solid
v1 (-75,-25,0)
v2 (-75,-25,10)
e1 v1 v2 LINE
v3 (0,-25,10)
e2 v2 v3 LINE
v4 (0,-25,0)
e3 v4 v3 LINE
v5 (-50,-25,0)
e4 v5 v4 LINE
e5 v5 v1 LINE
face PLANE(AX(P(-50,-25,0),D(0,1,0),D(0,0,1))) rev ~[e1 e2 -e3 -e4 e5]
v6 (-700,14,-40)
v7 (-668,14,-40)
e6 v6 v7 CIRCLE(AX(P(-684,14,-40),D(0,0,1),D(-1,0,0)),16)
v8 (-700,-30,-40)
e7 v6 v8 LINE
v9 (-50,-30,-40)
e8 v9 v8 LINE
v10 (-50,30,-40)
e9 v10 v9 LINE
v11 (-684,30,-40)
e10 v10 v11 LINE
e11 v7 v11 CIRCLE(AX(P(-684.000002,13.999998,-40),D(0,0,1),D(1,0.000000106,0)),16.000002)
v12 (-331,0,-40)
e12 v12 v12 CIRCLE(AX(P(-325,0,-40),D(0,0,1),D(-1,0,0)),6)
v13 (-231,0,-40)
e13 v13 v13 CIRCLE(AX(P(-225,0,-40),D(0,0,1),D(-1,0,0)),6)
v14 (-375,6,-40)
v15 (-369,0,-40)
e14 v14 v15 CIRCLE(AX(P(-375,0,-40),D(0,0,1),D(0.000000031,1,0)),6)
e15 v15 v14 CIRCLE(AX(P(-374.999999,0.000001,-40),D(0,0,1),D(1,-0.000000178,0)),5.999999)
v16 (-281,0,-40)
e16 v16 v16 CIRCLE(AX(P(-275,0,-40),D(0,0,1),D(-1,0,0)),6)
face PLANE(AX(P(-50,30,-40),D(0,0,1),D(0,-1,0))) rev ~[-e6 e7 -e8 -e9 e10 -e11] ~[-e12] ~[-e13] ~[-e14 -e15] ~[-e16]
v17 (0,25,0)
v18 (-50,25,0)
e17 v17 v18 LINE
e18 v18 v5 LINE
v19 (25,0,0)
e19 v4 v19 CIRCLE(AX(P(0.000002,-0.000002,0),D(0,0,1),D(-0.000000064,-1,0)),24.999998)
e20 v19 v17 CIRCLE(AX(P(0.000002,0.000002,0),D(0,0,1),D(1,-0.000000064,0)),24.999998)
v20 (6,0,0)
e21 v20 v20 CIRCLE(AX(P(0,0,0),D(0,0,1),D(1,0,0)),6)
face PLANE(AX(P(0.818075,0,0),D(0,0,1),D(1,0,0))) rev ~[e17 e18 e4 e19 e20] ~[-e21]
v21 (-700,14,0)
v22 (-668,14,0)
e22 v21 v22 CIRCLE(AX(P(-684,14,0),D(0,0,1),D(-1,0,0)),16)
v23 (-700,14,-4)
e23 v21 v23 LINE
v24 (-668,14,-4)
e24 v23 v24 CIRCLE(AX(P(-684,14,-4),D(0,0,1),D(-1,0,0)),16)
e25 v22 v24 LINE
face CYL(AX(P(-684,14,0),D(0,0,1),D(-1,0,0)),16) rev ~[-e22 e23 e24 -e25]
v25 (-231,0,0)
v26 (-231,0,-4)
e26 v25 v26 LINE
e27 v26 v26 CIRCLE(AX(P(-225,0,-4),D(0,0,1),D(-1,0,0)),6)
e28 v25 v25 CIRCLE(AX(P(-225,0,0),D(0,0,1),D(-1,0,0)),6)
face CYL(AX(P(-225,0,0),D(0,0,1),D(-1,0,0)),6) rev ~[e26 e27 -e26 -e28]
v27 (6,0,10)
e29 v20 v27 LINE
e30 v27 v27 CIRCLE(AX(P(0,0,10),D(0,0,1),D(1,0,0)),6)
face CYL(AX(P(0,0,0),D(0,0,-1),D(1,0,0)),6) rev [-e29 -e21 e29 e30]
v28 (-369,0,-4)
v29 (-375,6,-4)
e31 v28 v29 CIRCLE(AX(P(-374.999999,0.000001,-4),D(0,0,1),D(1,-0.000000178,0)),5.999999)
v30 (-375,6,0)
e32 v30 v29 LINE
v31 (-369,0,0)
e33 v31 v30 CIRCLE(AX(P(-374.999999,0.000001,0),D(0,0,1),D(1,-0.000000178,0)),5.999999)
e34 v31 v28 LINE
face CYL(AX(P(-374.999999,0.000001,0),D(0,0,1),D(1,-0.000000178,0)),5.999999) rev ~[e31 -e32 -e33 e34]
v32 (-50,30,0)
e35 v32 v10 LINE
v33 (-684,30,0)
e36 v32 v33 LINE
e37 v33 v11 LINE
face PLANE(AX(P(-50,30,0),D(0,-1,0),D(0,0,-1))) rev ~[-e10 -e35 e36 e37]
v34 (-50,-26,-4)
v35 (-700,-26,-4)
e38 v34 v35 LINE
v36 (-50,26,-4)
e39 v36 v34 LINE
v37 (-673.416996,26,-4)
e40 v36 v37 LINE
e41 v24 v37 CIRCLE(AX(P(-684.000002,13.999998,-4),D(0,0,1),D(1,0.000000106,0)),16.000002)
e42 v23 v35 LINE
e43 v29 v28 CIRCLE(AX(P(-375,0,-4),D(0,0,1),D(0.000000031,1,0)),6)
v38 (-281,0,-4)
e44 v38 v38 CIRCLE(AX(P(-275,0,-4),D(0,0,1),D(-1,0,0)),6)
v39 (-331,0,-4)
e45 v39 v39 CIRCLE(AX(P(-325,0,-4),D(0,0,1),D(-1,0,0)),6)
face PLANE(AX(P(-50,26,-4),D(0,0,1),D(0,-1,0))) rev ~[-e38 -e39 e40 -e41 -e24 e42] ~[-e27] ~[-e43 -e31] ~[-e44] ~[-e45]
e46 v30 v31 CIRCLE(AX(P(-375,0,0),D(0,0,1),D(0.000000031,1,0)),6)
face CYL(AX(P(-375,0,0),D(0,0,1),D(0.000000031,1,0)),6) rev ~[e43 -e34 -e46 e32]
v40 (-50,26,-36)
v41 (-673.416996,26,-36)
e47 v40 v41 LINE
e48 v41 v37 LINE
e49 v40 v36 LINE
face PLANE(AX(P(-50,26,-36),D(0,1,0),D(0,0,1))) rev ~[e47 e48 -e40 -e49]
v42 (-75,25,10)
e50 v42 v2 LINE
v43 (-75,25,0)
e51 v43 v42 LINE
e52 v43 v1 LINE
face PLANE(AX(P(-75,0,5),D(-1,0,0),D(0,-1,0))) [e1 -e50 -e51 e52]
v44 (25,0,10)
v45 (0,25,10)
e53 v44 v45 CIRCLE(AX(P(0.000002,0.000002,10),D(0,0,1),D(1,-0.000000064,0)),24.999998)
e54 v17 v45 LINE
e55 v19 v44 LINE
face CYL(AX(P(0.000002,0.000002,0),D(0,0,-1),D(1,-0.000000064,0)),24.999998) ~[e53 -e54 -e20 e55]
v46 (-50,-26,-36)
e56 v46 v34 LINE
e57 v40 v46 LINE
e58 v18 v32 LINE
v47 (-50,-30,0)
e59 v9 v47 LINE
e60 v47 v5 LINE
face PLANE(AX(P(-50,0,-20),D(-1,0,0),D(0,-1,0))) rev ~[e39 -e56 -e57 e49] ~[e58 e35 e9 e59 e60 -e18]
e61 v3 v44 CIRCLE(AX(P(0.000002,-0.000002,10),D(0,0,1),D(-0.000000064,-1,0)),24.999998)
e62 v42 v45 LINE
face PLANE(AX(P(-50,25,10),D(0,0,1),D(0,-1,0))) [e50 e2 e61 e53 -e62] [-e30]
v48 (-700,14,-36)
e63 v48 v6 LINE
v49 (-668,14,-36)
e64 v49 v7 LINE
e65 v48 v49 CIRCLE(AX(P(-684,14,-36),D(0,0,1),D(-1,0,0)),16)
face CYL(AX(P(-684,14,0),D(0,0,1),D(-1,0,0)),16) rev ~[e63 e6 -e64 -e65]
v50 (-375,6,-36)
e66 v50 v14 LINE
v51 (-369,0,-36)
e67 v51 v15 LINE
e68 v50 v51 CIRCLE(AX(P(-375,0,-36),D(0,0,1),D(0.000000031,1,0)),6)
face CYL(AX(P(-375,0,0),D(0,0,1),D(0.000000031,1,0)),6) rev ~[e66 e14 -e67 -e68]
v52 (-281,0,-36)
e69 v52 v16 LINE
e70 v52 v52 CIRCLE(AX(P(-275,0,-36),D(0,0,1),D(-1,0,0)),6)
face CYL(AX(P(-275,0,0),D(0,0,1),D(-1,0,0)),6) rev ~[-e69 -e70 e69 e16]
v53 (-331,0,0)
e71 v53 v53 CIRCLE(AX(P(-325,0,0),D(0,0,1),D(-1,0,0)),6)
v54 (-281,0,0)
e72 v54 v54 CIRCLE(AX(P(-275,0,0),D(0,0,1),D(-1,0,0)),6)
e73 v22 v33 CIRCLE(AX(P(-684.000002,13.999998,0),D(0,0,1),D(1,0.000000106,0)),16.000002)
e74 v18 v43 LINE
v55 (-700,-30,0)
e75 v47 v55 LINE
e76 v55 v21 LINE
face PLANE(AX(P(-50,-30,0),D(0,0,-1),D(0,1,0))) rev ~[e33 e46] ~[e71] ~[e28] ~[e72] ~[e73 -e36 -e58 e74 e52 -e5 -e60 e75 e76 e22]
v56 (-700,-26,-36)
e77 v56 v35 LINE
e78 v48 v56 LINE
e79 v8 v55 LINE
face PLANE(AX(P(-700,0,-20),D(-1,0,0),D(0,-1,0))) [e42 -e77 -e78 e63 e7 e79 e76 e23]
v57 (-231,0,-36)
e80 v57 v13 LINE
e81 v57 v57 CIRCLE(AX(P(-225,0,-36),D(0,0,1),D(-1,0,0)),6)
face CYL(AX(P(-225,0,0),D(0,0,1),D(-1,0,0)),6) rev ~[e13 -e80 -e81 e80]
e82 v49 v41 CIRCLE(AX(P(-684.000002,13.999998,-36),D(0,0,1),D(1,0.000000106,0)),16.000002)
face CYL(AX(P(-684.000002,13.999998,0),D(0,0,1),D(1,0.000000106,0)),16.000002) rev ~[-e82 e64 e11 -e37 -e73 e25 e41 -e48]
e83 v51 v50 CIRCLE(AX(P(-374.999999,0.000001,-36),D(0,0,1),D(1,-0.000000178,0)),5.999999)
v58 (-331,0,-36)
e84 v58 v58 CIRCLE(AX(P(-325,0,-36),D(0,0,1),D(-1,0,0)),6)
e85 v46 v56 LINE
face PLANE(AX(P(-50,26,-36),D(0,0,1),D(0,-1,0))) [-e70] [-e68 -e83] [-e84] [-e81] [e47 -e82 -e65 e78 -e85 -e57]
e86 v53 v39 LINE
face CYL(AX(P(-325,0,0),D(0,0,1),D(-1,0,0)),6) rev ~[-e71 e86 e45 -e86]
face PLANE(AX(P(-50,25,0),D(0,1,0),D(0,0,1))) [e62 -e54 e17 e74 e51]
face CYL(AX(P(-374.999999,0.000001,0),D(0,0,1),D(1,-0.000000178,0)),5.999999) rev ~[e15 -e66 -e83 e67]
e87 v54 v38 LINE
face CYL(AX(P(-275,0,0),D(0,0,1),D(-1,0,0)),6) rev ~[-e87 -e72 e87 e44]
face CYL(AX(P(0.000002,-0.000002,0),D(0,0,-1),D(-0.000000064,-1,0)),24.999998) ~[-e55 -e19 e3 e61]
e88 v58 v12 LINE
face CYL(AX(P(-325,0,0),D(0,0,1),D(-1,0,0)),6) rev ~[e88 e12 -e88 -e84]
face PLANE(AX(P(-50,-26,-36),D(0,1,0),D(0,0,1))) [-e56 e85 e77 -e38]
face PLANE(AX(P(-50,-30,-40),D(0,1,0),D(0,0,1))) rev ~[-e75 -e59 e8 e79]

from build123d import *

# Parameters (mm, degrees)
F0_R      = 6
F1_DEPTH  = 10
F2_W      = 52
F2_H      = 32
F3_DEPTH  = 650
F1_FACE_W = 50
F1_FACE_H = 10
F4_DEPTH  = 25
F6_DEPTH  = 40
F8_DEPTH  = 40


with BuildPart() as f1:
    # F0 (on Top) → F1 (new body)
    with BuildSketch(Plane.XY):
        with BuildLine():
            ThreePointArc((0, -25), (17.67767, -17.67767), (25, 0))
            ThreePointArc((25, 0), (17.67767, 17.67767), (0, 25))
            ThreePointArc((0, 25), (-25, 0), (0, -25))
        make_face()
        Circle(F0_R, mode=Mode.SUBTRACT)
        with BuildLine():
            ThreePointArc((0, -25), (-25, 0), (0, 25))
            Line((0, 25), (-50, 25))
            Line((-50, 25), (-50, -25))
            Line((-50, -25), (0, -25))
        make_face()
    extrude(amount=F1_DEPTH)



with BuildPart() as f3:
    # F2 (on face) → F3 (new body)
    with BuildSketch(Plane(origin=(-50, 0, 0), x_dir=(0, -1, 0), z_dir=(-1, 0, 0))):
        Polygon((30, 0), (0, 0), (-30, 0), (-30, -40), (30, -40), align=None)
        with Locations((0, -20)):
            Rectangle(F2_W, F2_H, mode=Mode.SUBTRACT)
    extrude(amount=F3_DEPTH)


with BuildPart() as f1_1:
    add(f1.part)

    add(f3.part)  # F4 merges F3
    # F1_face (on face) → F4 (join)
    with BuildSketch(Plane(origin=(-50, 0, 5), x_dir=(0, -1, 0), z_dir=(-1, 0, 0))):
        Rectangle(F1_FACE_W, F1_FACE_H)
    extrude(amount=F4_DEPTH)

    # F5 (on face) → F6 (cut)
    with BuildSketch(Plane.XY):
        with BuildLine():
            ThreePointArc((-369, 0), (-370.757359, 4.242641), (-375, 6))
            Line((-375, 6), (-375, 0))
            Line((-375, 0), (-369, 0))
        make_face()
        with BuildLine():
            ThreePointArc((-219, 0), (-225, 6), (-231, 0))
            ThreePointArc((-231, 0), (-225, -6), (-219, 0))
        make_face()
        with BuildLine():
            ThreePointArc((-269, 0), (-275, 6), (-281, 0))
            Line((-281, 0), (-275, 0))
            Line((-275, 0), (-269, 0))
        make_face()
        with BuildLine():
            Line((-275, 0), (-281, 0))
            ThreePointArc((-281, 0), (-275, -6), (-269, 0))
            Line((-269, 0), (-275, 0))
        make_face()
        with BuildLine():
            ThreePointArc((-319, 0), (-325, 6), (-331, 0))
            Line((-331, 0), (-325, 0))
            Line((-325, 0), (-319, 0))
        make_face()
        with BuildLine():
            Line((-325, 0), (-331, 0))
            ThreePointArc((-331, 0), (-325, -6), (-319, 0))
            Line((-319, 0), (-325, 0))
        make_face()
        with BuildLine():
            Line((-375, 0), (-375, 6))
            ThreePointArc((-375, 6), (-379.242641, -4.242641), (-369, 0))
            Line((-369, 0), (-375, 0))
        make_face()
    extrude(amount=-F6_DEPTH, mode=Mode.SUBTRACT)

    # F7 (on face) → F8 (cut)
    with BuildSketch(Plane.XY):
        with BuildLine():
            Line((-684, 30), (-700, 30))
            Line((-700, 30), (-700, 14))
            ThreePointArc((-700, 14), (-695.313708, 25.313708), (-684, 30))
        make_face()
        with BuildLine():
            ThreePointArc((-668, 14), (-672.686292, 25.313708), (-684, 30))
            ThreePointArc((-684, 30), (-695.313708, 25.313708), (-700, 14))
            ThreePointArc((-700, 14), (-684, -2), (-668, 14))
        make_face()
    extrude(amount=-F8_DEPTH, mode=Mode.SUBTRACT)


solid = f1_1.part
